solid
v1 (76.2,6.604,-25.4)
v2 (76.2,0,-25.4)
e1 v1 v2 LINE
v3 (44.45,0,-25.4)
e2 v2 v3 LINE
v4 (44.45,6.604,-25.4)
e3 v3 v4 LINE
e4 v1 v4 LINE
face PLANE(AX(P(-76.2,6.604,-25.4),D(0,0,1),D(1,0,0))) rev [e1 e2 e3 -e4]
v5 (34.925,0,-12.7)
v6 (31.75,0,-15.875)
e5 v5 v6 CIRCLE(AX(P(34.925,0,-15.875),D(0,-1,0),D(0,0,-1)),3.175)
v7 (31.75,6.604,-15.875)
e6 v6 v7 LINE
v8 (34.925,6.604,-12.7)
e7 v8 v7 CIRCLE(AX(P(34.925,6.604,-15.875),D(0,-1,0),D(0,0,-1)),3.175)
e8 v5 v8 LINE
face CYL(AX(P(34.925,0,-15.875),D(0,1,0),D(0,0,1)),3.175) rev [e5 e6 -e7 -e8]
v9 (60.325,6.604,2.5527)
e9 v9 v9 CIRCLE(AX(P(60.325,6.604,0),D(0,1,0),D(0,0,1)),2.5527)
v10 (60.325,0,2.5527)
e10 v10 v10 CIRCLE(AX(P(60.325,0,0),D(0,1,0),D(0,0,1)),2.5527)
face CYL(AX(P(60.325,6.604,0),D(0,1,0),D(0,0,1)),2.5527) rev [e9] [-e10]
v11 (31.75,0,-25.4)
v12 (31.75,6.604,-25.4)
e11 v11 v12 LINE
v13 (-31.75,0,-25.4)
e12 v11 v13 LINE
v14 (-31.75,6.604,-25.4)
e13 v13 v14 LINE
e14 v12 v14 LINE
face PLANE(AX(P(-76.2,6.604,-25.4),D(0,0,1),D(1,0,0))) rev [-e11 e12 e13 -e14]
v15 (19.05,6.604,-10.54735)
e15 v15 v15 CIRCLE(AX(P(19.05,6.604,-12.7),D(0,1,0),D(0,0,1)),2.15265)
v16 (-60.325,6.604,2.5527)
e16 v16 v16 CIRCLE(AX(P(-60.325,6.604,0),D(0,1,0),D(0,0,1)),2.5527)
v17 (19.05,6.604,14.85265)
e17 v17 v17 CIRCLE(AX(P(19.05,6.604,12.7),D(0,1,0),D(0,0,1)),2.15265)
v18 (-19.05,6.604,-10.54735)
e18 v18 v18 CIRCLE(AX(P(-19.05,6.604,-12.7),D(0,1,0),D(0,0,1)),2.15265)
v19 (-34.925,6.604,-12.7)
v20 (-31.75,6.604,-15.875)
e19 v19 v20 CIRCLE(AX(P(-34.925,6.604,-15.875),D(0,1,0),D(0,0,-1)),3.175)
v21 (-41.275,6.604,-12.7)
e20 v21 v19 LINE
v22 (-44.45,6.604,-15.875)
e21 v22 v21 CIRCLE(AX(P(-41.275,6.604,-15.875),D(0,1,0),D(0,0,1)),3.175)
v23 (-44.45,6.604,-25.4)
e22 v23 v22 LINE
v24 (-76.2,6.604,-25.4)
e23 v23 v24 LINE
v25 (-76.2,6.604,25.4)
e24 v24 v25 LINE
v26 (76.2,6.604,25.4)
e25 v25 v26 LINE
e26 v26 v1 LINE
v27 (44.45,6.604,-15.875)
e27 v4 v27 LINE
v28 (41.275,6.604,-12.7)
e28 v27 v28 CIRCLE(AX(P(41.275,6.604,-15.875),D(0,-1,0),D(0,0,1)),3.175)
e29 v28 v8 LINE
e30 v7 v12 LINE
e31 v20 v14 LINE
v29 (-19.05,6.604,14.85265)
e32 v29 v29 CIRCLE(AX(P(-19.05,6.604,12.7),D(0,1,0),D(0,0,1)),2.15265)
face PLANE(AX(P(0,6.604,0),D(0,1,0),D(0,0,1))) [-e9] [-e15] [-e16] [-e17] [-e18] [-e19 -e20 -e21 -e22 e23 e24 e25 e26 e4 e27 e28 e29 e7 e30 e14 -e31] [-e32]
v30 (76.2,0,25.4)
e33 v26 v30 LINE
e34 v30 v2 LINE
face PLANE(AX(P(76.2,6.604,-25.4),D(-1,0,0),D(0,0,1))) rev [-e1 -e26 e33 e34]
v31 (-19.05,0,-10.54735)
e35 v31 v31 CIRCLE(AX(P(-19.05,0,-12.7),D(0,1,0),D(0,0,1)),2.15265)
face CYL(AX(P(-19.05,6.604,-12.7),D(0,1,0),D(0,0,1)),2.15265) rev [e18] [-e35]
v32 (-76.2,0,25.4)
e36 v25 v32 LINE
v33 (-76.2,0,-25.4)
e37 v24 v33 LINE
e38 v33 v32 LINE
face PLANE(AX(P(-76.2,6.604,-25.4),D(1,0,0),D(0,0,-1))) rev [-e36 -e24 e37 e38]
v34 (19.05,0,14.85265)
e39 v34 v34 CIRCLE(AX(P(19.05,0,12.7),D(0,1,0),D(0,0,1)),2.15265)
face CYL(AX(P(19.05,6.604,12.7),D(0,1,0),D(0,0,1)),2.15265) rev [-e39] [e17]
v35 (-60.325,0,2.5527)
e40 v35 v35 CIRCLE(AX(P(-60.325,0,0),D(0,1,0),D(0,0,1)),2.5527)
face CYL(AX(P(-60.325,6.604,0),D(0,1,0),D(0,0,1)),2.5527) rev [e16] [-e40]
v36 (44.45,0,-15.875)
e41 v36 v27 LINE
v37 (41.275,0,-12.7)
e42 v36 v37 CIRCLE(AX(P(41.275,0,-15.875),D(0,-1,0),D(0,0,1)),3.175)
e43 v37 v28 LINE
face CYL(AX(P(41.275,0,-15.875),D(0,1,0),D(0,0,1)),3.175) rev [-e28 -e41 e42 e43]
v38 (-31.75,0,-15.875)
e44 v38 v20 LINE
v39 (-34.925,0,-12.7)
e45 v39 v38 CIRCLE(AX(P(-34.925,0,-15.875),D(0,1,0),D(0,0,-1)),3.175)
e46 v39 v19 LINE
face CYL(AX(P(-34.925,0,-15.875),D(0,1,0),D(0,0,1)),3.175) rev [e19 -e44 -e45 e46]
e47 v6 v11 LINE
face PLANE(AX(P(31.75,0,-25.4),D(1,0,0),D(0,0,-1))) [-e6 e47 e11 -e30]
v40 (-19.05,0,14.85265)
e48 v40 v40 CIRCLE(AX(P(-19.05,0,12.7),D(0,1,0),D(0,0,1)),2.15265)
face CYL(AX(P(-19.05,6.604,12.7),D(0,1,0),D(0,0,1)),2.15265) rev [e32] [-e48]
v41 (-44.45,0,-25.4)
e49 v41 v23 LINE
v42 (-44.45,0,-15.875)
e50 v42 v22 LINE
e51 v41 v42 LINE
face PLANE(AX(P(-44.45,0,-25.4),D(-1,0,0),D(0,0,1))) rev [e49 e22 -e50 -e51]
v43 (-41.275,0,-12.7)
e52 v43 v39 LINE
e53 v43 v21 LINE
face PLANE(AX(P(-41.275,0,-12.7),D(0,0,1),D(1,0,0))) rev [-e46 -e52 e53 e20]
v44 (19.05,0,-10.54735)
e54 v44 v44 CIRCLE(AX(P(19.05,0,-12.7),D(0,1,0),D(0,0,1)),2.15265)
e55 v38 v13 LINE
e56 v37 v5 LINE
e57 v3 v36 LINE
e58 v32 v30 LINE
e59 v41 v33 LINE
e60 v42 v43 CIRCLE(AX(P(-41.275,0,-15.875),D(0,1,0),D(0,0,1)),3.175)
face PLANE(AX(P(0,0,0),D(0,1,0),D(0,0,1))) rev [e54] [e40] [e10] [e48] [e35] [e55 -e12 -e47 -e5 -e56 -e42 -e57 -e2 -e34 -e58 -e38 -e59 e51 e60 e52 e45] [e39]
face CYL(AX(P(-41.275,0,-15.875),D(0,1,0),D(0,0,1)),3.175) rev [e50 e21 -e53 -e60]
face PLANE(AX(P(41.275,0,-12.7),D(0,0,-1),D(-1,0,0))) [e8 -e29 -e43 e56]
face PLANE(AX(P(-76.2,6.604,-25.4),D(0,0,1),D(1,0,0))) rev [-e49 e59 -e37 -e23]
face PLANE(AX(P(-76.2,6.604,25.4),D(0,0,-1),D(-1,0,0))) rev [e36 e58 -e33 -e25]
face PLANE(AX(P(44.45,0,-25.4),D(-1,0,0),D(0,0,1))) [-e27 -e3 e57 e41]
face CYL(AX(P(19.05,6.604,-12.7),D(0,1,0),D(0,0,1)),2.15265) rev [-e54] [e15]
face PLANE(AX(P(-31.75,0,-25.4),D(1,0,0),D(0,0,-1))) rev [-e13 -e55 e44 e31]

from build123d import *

# Parameters (mm, degrees)
SKETCH1_W                   = 152.4
SKETCH1_H                   = 50.8
BOSS_EXTRUDE1_DEPTH         = 6.604
CUT_EXTRUDE1_DEPTH          = 7.604
F_1_4_20_TAPPED_HOLE1_D     = 5.1054
F_1_4_20_TAPPED_HOLE1_DEPTH = 16.51
F_1_4_20_TAPPED_HOLE1_TIP   = 1.533816902
F_8_CLEARANCE_HOLE1_D       = 4.3053
F_8_CLEARANCE_HOLE1_DEPTH   = 7.62
F_8_CLEARANCE_HOLE1_TIP     = 1.293442612


with BuildPart() as part:
    # Sketch1 → Boss-Extrude1 (new body)
    with BuildSketch(Plane(origin=(0, 0, 0), x_dir=(1, 0, 0), z_dir=(0, 1, 0))):
        Rectangle(SKETCH1_W, SKETCH1_H)
    extrude(amount=BOSS_EXTRUDE1_DEPTH)

    # Sketch2 → Cut-Extrude1 (cut, through all)
    with BuildSketch(Plane(origin=(0, 6.604, 0), x_dir=(1, 0, 0), z_dir=(0, 1, 0))):
        with BuildLine():
            Line((-44.45, 25.4), (-31.75, 25.4))
            Line((-31.75, 25.4), (-31.75, 15.875))
            ThreePointArc((-31.75, 15.875), (-32.67993597, 13.62993597), (-34.925, 12.7))
            Line((-34.925, 12.7), (-41.275, 12.7))
            ThreePointArc((-41.275, 12.7), (-43.52006403, 13.62993597), (-44.45, 15.875))
            Line((-44.45, 15.875), (-44.45, 25.4))
        make_face()
    cut_extrude1 = extrude(amount=-CUT_EXTRUDE1_DEPTH, mode=Mode.SUBTRACT)

    # Mirror1: Cut-Extrude1 across plane
    add(cut_extrude1.mirror(Plane(origin=(0, 0, 0), x_dir=(0, 0, 1), z_dir=(1, 0, 0))), mode=Mode.SUBTRACT)

    # 1/4-20 Tapped Hole1
    with Locations(Plane(origin=(0, 6.604, 0), x_dir=(1, 0, 0), z_dir=(0, 1, 0))):
        with Locations((-60.325, 0), (60.325, 0)):
            Hole(F_1_4_20_TAPPED_HOLE1_D / 2, depth=F_1_4_20_TAPPED_HOLE1_DEPTH)
            with Locations((0, 0, -(F_1_4_20_TAPPED_HOLE1_DEPTH + F_1_4_20_TAPPED_HOLE1_TIP / 2))):  # 118° drill point
                Cone(0, F_1_4_20_TAPPED_HOLE1_D / 2, F_1_4_20_TAPPED_HOLE1_TIP, mode=Mode.SUBTRACT)

    # #8 Clearance Hole1
    with Locations(Plane(origin=(0, 6.604, 0), x_dir=(1, 0, 0), z_dir=(0, 1, 0))):
        with Locations((-19.05, 12.7), (-19.05, -12.7), (19.05, 12.7), (19.05, -12.7)):
            Hole(F_8_CLEARANCE_HOLE1_D / 2, depth=F_8_CLEARANCE_HOLE1_DEPTH)
            with Locations((0, 0, -(F_8_CLEARANCE_HOLE1_DEPTH + F_8_CLEARANCE_HOLE1_TIP / 2))):  # 118° drill point
                Cone(0, F_8_CLEARANCE_HOLE1_D / 2, F_8_CLEARANCE_HOLE1_TIP, mode=Mode.SUBTRACT)


solid = part.part
